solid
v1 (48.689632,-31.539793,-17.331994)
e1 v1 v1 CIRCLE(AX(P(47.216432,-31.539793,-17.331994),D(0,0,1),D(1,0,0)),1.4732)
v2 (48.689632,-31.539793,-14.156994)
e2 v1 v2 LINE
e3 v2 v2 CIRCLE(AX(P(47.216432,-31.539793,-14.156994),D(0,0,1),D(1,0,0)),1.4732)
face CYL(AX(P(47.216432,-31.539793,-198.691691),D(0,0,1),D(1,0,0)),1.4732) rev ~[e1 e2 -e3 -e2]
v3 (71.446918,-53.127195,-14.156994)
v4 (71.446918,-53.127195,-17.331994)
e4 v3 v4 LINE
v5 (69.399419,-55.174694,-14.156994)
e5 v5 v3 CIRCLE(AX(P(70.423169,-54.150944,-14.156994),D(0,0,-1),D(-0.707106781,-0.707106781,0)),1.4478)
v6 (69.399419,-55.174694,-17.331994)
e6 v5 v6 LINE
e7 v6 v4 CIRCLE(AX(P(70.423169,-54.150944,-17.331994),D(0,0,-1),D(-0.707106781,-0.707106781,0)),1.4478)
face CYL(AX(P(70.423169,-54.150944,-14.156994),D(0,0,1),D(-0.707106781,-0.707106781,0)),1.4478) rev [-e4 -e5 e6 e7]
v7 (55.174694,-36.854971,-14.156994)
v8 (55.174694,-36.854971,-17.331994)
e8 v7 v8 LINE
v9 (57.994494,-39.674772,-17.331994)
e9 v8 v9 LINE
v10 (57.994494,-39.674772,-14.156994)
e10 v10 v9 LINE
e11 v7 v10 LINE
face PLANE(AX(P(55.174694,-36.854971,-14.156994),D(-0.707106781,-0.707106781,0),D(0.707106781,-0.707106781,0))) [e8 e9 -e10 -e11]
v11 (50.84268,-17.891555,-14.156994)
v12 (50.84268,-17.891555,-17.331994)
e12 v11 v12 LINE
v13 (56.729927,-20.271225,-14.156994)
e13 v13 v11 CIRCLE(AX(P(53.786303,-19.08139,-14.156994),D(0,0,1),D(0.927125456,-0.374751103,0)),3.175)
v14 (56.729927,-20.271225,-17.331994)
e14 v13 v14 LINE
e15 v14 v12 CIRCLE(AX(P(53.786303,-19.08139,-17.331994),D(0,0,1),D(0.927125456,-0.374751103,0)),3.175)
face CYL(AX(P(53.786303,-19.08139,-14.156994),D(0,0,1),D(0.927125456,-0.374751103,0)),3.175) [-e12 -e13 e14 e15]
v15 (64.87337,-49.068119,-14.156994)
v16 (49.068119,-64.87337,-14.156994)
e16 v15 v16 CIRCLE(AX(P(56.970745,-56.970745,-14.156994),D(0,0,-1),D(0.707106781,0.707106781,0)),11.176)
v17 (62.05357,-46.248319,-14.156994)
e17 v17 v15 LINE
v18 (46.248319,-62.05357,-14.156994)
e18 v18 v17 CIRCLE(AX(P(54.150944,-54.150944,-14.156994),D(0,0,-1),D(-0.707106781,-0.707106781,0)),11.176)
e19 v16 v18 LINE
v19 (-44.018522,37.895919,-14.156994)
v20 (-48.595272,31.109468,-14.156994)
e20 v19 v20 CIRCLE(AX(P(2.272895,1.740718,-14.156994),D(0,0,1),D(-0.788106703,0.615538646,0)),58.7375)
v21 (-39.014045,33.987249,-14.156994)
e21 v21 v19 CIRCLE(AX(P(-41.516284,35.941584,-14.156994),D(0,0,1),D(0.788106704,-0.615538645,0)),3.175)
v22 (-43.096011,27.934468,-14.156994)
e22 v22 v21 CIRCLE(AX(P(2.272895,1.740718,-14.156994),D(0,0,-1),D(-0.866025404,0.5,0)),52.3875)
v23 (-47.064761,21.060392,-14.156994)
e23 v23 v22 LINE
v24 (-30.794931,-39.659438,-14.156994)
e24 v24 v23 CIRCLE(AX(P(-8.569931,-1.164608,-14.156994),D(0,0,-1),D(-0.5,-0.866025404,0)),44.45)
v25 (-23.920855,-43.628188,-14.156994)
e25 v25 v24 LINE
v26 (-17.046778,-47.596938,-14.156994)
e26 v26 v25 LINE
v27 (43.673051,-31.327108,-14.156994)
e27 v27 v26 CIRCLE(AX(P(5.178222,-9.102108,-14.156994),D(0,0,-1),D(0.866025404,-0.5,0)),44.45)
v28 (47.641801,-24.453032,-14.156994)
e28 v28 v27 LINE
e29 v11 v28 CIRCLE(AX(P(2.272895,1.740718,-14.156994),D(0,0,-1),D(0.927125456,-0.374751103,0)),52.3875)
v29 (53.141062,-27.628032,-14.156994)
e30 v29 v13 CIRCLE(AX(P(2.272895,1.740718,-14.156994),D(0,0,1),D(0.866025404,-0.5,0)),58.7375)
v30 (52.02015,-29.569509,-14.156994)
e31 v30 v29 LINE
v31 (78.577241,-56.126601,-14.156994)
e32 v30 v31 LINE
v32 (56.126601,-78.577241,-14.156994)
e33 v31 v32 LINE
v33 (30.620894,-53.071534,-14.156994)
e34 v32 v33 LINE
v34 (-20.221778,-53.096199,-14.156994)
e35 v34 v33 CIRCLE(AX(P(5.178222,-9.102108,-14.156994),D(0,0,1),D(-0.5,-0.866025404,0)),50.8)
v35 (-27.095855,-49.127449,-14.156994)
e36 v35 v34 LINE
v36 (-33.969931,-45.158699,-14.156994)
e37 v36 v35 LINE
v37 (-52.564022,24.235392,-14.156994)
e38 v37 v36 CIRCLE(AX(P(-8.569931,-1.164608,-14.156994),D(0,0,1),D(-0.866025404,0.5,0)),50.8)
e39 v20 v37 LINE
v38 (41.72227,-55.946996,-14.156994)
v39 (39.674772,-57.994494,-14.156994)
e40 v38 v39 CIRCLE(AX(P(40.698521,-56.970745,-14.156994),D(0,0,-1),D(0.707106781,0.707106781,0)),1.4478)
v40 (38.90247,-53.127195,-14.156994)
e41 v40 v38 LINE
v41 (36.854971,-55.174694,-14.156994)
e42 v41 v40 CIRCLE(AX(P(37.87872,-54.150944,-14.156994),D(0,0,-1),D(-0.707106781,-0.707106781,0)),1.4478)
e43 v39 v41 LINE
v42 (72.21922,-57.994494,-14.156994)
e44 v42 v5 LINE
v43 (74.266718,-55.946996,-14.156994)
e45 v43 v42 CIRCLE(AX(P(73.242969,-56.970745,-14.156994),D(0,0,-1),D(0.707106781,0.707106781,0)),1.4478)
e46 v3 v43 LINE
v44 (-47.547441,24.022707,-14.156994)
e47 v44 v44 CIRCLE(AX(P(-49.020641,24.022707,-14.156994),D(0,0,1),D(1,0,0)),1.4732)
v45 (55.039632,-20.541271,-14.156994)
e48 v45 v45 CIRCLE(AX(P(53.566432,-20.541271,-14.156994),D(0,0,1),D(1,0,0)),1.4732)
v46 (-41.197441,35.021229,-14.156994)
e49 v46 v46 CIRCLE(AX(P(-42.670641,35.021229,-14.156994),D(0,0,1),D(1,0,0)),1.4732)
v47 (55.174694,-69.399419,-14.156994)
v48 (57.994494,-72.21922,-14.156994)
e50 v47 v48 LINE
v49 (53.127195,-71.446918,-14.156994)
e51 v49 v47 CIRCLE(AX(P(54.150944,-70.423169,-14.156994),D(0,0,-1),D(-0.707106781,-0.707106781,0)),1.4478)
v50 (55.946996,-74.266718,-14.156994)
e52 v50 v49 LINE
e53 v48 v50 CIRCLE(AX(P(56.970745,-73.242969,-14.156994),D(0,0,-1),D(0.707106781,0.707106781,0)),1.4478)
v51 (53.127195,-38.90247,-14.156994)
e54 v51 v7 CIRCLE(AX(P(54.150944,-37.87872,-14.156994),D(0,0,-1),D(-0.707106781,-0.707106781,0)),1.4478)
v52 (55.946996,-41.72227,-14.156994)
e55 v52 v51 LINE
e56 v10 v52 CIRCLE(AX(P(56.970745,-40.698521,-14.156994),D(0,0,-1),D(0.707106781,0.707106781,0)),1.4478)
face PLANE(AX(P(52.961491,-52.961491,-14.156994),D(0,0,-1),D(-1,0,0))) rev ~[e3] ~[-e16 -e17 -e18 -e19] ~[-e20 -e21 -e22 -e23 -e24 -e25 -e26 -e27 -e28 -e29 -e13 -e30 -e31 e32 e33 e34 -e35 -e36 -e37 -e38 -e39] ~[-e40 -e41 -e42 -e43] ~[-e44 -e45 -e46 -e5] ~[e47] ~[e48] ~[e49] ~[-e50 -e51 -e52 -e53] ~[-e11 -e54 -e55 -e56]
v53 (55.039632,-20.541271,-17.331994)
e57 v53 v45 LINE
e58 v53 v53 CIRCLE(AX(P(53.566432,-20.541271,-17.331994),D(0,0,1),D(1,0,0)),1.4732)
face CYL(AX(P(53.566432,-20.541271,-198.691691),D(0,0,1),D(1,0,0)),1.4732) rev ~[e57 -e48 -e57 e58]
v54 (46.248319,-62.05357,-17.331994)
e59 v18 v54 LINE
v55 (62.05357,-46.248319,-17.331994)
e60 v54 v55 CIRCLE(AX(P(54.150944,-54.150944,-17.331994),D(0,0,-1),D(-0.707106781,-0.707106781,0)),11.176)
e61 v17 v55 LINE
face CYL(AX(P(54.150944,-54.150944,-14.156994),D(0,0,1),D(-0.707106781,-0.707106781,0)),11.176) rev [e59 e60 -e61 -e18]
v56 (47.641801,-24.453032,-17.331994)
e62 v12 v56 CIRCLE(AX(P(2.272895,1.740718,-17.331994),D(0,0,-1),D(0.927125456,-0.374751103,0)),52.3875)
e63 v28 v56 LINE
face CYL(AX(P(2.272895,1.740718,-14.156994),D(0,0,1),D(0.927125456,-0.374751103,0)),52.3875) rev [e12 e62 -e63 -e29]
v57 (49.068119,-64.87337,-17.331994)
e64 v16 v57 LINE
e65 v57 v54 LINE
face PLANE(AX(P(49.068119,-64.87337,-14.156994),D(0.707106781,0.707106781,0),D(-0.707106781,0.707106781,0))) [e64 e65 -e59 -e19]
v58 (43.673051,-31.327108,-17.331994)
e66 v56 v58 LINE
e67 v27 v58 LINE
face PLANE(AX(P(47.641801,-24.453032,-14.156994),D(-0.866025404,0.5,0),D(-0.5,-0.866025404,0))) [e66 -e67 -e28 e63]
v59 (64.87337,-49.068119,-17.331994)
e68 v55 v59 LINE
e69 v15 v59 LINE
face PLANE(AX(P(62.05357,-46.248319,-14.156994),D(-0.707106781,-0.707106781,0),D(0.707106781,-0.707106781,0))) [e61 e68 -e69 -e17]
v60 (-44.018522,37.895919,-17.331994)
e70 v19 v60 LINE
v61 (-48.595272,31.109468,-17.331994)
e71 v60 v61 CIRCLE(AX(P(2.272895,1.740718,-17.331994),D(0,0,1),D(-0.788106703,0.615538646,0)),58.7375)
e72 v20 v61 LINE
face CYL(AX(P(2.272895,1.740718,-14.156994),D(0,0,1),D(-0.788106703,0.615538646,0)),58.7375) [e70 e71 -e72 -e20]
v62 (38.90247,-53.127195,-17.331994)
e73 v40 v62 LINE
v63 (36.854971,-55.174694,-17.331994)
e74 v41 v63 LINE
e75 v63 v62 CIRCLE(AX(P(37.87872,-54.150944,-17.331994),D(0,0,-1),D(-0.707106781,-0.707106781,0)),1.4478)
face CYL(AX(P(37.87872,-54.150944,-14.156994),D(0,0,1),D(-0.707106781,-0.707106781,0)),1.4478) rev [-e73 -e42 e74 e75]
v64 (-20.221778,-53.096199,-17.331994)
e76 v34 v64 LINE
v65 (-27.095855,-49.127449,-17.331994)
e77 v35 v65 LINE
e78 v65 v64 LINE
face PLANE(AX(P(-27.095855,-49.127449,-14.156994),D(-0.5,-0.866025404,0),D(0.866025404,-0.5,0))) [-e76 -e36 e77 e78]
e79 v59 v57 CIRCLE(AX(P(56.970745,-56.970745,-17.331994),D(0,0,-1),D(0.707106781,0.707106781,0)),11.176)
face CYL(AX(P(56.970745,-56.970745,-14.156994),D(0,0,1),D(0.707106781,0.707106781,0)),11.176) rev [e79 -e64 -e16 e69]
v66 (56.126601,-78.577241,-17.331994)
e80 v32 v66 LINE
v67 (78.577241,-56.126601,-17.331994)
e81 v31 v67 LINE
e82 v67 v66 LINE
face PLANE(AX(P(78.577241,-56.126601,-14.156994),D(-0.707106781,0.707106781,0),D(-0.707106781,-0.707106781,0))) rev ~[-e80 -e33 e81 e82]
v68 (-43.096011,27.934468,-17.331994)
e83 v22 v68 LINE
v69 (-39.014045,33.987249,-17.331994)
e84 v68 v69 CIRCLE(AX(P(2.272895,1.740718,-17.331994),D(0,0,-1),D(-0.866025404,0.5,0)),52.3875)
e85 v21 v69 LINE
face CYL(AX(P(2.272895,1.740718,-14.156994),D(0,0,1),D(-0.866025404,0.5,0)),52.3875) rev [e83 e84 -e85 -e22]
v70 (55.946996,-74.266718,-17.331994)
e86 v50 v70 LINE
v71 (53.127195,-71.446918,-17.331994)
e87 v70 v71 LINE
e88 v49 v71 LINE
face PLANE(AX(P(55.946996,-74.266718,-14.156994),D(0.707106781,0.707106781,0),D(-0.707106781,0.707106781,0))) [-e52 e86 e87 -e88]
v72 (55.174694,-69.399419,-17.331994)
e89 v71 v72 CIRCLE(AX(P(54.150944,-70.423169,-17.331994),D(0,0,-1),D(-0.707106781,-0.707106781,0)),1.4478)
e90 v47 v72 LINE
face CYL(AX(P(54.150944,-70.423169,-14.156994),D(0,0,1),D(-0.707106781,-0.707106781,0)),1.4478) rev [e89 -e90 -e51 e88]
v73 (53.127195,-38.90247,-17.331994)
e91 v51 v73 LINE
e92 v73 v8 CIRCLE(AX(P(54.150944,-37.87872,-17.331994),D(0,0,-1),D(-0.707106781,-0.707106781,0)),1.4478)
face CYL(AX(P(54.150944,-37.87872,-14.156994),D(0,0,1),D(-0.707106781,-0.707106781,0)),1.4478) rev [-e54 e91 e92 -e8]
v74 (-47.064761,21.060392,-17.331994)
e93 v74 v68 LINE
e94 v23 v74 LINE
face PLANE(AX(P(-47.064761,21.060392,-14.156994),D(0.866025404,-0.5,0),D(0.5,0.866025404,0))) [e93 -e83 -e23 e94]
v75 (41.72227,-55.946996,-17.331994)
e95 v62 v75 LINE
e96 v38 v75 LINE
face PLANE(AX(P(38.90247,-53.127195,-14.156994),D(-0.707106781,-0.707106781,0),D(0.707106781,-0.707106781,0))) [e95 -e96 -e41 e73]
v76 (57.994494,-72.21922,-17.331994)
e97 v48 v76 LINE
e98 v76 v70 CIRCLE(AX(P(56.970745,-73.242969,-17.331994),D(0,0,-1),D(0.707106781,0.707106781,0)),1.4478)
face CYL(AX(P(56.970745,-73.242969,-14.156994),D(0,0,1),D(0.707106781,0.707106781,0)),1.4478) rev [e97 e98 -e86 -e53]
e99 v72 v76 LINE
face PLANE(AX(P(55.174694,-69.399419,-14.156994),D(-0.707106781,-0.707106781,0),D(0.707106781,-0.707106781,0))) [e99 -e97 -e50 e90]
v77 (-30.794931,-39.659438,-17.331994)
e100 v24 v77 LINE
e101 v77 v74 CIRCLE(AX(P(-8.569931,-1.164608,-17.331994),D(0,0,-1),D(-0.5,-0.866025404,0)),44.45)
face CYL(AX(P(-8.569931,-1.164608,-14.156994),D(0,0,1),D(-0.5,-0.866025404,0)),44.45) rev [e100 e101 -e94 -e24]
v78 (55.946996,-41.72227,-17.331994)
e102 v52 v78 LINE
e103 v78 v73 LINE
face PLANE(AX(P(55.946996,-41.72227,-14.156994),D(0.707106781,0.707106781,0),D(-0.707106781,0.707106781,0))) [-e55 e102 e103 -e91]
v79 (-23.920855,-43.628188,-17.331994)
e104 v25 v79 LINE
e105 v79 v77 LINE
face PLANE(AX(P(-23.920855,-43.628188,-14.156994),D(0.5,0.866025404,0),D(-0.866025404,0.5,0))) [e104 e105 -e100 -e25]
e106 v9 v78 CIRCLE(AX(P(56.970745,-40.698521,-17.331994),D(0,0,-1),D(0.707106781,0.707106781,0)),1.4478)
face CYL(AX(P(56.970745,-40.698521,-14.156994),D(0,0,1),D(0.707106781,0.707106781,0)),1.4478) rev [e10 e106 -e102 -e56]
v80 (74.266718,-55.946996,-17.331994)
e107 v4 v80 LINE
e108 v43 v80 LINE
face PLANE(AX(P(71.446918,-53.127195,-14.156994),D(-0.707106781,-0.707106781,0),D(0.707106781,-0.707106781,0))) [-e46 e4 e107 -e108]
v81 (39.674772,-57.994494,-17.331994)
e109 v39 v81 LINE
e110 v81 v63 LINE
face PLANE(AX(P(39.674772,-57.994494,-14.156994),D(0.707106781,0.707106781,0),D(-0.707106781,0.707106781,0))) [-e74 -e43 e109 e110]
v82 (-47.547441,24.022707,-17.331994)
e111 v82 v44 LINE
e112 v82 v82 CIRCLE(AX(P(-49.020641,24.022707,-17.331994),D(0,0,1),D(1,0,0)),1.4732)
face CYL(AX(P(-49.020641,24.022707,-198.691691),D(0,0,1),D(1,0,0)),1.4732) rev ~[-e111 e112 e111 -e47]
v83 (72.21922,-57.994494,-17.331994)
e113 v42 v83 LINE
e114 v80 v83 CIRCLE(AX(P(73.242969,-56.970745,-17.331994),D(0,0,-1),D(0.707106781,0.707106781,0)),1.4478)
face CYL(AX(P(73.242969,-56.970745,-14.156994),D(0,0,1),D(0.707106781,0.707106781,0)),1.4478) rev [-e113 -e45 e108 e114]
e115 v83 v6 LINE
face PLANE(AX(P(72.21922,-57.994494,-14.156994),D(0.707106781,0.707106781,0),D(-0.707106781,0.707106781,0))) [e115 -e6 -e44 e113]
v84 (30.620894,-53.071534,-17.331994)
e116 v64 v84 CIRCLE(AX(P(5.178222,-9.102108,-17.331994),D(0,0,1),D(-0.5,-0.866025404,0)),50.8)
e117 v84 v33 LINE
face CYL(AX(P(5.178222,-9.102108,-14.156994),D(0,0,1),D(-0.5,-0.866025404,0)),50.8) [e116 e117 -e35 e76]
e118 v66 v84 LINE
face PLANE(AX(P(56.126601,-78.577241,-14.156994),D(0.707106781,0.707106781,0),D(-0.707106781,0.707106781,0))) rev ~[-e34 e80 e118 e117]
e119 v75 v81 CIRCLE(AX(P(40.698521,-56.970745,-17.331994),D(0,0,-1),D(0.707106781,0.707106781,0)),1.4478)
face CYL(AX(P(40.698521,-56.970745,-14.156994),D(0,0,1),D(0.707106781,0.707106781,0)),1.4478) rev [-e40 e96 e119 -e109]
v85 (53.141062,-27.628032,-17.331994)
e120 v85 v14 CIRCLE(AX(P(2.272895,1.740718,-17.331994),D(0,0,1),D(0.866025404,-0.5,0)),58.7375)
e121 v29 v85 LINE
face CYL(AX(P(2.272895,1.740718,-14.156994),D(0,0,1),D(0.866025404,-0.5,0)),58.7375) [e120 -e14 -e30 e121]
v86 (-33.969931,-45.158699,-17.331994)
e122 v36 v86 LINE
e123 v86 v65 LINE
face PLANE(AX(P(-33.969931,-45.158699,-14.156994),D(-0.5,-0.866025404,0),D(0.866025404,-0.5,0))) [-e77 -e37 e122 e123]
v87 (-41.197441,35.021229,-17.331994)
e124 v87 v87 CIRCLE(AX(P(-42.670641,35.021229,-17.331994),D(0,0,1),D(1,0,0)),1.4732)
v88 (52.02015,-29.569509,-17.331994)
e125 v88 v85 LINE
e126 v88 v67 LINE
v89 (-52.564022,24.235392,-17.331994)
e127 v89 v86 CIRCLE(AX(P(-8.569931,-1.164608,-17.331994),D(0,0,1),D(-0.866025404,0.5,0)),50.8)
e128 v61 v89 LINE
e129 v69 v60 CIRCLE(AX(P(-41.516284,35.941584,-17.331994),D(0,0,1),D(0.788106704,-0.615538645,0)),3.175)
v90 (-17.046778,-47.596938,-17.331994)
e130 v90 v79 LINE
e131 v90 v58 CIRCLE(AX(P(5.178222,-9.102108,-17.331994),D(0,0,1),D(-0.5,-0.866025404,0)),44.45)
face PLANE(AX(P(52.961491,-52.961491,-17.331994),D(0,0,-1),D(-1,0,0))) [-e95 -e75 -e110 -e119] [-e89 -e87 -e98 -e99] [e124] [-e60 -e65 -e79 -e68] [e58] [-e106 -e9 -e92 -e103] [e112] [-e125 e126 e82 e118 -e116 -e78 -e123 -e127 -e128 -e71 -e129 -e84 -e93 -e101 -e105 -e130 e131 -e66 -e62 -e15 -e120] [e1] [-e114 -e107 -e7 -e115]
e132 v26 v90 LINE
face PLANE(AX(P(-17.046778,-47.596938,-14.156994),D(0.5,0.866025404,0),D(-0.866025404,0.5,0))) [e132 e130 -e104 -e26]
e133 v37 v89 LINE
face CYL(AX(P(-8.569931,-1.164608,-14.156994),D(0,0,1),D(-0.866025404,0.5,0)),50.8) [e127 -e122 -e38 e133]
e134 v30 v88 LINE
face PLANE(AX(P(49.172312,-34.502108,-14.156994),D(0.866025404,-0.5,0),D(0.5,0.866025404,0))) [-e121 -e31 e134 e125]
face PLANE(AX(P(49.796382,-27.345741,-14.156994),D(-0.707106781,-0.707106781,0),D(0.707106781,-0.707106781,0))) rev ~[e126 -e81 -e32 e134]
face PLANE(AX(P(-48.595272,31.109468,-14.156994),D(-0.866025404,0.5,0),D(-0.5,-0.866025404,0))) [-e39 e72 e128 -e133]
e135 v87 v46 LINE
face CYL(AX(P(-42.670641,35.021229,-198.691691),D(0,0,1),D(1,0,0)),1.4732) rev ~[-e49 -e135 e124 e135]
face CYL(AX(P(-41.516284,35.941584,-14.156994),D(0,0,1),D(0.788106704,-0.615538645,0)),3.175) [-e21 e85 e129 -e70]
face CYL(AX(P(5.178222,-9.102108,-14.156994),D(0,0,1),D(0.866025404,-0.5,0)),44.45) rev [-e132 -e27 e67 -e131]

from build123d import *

# Parameters (mm, degrees)
BOSS_EXTRUDE1_DEPTH   = 3.175
BOSS_EXTRUDE2_DEPTH   = 3.175
F_4_CLEARANCE_HOLE1_D = 2.9464


with BuildPart() as part:
    # Sketch1 → Boss-Extrude1 (new body)
    with BuildSketch(Plane(origin=(0, 0, -14.15699402), x_dir=(-1, 0, 0), z_dir=(0, 0, -1))):
        with BuildLine():
            Line((-49.172312317, -34.502108483), (-53.141062317, -27.628031841))
            ThreePointArc((-53.141062317, -27.628031841), (-55.063803638, -24.012221257), (-56.72992661, -20.271224785))
            ThreePointArc((-56.72992661, -20.271224785), (-54.976138042, -16.13776671), (-50.842679967, -17.891555277))
            ThreePointArc((-50.842679967, -17.891555277), (-49.356678398, -21.228119699), (-47.641801003, -24.453031841))
            Line((-47.641801003, -24.453031841), (-43.673051003, -31.327108483))
            ThreePointArc((-43.673051003, -31.327108483), (-16.68272836, -52.037511462), (17.046778195, -47.596937682))
            Line((17.046778195, -47.596937682), (23.920854837, -43.628187682))
            Line((23.920854837, -43.628187682), (30.79493148, -39.659437682))
            ThreePointArc((30.79493148, -39.659437682), (51.505334458, -12.669115038), (47.064760678, 21.060391517))
            Line((47.064760678, 21.060391517), (43.096010678, 27.934468159))
            ThreePointArc((43.096010678, 27.934468159), (41.160593535, 31.032051618), (39.01404477, 33.987248938))
            ThreePointArc((39.01404477, 33.987248938), (39.561948355, 38.44382292), (44.018522337, 37.895919335))
            ThreePointArc((44.018522337, 37.895919335), (46.425258832, 34.58251628), (48.595271992, 31.109468159))
            Line((48.595271992, 31.109468159), (52.564021992, 24.235391517))
            ThreePointArc((52.564021992, 24.235391517), (57.638963455, -14.312615975), (33.96993148, -45.158698996))
            Line((33.96993148, -45.158698996), (27.095854837, -49.127448996))
            Line((27.095854837, -49.127448996), (20.221778195, -53.096198996))
            ThreePointArc((20.221778195, -53.096198996), (-18.326229296, -58.171140459), (-49.172312317, -34.502108483))
        make_face()
    extrude(amount=BOSS_EXTRUDE1_DEPTH)

    # Sketch6 → Boss-Extrude2 (add)
    with BuildSketch(Plane.XY.offset(-14.15699402)):
        Polygon((78.577241059, -56.126600757), (56.126600757, -78.577241059), (27.345741417, -49.796381719), (49.796381719, -27.345741417), align=None)
        with BuildLine():
            Line((62.053569797, -46.248319024), (64.873370219, -49.068119446))
            ThreePointArc((64.873370219, -49.068119446), (64.873370219, -64.873370219), (49.068119446, -64.873370219))
            Line((49.068119446, -64.873370219), (46.248319024, -62.053569797))
            ThreePointArc((46.248319024, -62.053569797), (46.248319024, -46.248319024), (62.053569797, -46.248319024))
        make_face(mode=Mode.SUBTRACT)
        with BuildLine():
            Line((55.946995634, -74.266718121), (53.127195212, -71.446917699))
            ThreePointArc((53.127195212, -71.446917699), (53.127195212, -69.399419304), (55.174693608, -69.399419304))
            Line((55.174693608, -69.399419304), (57.99449403, -72.219219726))
            ThreePointArc((57.99449403, -72.219219726), (57.99449403, -74.266718121), (55.946995634, -74.266718121))
        make_face(mode=Mode.SUBTRACT)
        with BuildLine():
            Line((38.902469516, -53.127195212), (41.722269938, -55.946995634))
            ThreePointArc((41.722269938, -55.946995634), (41.722269938, -57.99449403), (39.674771543, -57.99449403))
            Line((39.674771543, -57.99449403), (36.854971121, -55.174693608))
            ThreePointArc((36.854971121, -55.174693608), (36.854971121, -53.127195212), (38.902469516, -53.127195212))
        make_face(mode=Mode.SUBTRACT)
        with BuildLine():
            Line((55.174693608, -36.854971121), (57.99449403, -39.674771543))
            ThreePointArc((57.99449403, -39.674771543), (57.99449403, -41.722269938), (55.946995634, -41.722269938))
            Line((55.946995634, -41.722269938), (53.127195212, -38.902469516))
            ThreePointArc((53.127195212, -38.902469516), (53.127195212, -36.854971121), (55.174693608, -36.854971121))
        make_face(mode=Mode.SUBTRACT)
        with BuildLine():
            Line((71.446917699, -53.127195212), (74.266718121, -55.946995634))
            ThreePointArc((74.266718121, -55.946995634), (74.266718121, -57.99449403), (72.219219726, -57.99449403))
            Line((72.219219726, -57.99449403), (69.399419304, -55.174693608))
            ThreePointArc((69.399419304, -55.174693608), (69.399419304, -53.127195212), (71.446917699, -53.127195212))
        make_face(mode=Mode.SUBTRACT)
    extrude(amount=-BOSS_EXTRUDE2_DEPTH)

    # #4 Clearance Hole1 (through all)
    with Locations(Plane(origin=(0, 0, -17.33199402), x_dir=(-1, 0, 0), z_dir=(0, 0, -1))):
        with Locations((-53.56643166, -20.541270527), (-47.21643166, -31.539793155), (42.670641335, 35.021229473), (49.020641335, 24.022706845)):
            Hole(F_4_CLEARANCE_HOLE1_D / 2)


solid = part.part
